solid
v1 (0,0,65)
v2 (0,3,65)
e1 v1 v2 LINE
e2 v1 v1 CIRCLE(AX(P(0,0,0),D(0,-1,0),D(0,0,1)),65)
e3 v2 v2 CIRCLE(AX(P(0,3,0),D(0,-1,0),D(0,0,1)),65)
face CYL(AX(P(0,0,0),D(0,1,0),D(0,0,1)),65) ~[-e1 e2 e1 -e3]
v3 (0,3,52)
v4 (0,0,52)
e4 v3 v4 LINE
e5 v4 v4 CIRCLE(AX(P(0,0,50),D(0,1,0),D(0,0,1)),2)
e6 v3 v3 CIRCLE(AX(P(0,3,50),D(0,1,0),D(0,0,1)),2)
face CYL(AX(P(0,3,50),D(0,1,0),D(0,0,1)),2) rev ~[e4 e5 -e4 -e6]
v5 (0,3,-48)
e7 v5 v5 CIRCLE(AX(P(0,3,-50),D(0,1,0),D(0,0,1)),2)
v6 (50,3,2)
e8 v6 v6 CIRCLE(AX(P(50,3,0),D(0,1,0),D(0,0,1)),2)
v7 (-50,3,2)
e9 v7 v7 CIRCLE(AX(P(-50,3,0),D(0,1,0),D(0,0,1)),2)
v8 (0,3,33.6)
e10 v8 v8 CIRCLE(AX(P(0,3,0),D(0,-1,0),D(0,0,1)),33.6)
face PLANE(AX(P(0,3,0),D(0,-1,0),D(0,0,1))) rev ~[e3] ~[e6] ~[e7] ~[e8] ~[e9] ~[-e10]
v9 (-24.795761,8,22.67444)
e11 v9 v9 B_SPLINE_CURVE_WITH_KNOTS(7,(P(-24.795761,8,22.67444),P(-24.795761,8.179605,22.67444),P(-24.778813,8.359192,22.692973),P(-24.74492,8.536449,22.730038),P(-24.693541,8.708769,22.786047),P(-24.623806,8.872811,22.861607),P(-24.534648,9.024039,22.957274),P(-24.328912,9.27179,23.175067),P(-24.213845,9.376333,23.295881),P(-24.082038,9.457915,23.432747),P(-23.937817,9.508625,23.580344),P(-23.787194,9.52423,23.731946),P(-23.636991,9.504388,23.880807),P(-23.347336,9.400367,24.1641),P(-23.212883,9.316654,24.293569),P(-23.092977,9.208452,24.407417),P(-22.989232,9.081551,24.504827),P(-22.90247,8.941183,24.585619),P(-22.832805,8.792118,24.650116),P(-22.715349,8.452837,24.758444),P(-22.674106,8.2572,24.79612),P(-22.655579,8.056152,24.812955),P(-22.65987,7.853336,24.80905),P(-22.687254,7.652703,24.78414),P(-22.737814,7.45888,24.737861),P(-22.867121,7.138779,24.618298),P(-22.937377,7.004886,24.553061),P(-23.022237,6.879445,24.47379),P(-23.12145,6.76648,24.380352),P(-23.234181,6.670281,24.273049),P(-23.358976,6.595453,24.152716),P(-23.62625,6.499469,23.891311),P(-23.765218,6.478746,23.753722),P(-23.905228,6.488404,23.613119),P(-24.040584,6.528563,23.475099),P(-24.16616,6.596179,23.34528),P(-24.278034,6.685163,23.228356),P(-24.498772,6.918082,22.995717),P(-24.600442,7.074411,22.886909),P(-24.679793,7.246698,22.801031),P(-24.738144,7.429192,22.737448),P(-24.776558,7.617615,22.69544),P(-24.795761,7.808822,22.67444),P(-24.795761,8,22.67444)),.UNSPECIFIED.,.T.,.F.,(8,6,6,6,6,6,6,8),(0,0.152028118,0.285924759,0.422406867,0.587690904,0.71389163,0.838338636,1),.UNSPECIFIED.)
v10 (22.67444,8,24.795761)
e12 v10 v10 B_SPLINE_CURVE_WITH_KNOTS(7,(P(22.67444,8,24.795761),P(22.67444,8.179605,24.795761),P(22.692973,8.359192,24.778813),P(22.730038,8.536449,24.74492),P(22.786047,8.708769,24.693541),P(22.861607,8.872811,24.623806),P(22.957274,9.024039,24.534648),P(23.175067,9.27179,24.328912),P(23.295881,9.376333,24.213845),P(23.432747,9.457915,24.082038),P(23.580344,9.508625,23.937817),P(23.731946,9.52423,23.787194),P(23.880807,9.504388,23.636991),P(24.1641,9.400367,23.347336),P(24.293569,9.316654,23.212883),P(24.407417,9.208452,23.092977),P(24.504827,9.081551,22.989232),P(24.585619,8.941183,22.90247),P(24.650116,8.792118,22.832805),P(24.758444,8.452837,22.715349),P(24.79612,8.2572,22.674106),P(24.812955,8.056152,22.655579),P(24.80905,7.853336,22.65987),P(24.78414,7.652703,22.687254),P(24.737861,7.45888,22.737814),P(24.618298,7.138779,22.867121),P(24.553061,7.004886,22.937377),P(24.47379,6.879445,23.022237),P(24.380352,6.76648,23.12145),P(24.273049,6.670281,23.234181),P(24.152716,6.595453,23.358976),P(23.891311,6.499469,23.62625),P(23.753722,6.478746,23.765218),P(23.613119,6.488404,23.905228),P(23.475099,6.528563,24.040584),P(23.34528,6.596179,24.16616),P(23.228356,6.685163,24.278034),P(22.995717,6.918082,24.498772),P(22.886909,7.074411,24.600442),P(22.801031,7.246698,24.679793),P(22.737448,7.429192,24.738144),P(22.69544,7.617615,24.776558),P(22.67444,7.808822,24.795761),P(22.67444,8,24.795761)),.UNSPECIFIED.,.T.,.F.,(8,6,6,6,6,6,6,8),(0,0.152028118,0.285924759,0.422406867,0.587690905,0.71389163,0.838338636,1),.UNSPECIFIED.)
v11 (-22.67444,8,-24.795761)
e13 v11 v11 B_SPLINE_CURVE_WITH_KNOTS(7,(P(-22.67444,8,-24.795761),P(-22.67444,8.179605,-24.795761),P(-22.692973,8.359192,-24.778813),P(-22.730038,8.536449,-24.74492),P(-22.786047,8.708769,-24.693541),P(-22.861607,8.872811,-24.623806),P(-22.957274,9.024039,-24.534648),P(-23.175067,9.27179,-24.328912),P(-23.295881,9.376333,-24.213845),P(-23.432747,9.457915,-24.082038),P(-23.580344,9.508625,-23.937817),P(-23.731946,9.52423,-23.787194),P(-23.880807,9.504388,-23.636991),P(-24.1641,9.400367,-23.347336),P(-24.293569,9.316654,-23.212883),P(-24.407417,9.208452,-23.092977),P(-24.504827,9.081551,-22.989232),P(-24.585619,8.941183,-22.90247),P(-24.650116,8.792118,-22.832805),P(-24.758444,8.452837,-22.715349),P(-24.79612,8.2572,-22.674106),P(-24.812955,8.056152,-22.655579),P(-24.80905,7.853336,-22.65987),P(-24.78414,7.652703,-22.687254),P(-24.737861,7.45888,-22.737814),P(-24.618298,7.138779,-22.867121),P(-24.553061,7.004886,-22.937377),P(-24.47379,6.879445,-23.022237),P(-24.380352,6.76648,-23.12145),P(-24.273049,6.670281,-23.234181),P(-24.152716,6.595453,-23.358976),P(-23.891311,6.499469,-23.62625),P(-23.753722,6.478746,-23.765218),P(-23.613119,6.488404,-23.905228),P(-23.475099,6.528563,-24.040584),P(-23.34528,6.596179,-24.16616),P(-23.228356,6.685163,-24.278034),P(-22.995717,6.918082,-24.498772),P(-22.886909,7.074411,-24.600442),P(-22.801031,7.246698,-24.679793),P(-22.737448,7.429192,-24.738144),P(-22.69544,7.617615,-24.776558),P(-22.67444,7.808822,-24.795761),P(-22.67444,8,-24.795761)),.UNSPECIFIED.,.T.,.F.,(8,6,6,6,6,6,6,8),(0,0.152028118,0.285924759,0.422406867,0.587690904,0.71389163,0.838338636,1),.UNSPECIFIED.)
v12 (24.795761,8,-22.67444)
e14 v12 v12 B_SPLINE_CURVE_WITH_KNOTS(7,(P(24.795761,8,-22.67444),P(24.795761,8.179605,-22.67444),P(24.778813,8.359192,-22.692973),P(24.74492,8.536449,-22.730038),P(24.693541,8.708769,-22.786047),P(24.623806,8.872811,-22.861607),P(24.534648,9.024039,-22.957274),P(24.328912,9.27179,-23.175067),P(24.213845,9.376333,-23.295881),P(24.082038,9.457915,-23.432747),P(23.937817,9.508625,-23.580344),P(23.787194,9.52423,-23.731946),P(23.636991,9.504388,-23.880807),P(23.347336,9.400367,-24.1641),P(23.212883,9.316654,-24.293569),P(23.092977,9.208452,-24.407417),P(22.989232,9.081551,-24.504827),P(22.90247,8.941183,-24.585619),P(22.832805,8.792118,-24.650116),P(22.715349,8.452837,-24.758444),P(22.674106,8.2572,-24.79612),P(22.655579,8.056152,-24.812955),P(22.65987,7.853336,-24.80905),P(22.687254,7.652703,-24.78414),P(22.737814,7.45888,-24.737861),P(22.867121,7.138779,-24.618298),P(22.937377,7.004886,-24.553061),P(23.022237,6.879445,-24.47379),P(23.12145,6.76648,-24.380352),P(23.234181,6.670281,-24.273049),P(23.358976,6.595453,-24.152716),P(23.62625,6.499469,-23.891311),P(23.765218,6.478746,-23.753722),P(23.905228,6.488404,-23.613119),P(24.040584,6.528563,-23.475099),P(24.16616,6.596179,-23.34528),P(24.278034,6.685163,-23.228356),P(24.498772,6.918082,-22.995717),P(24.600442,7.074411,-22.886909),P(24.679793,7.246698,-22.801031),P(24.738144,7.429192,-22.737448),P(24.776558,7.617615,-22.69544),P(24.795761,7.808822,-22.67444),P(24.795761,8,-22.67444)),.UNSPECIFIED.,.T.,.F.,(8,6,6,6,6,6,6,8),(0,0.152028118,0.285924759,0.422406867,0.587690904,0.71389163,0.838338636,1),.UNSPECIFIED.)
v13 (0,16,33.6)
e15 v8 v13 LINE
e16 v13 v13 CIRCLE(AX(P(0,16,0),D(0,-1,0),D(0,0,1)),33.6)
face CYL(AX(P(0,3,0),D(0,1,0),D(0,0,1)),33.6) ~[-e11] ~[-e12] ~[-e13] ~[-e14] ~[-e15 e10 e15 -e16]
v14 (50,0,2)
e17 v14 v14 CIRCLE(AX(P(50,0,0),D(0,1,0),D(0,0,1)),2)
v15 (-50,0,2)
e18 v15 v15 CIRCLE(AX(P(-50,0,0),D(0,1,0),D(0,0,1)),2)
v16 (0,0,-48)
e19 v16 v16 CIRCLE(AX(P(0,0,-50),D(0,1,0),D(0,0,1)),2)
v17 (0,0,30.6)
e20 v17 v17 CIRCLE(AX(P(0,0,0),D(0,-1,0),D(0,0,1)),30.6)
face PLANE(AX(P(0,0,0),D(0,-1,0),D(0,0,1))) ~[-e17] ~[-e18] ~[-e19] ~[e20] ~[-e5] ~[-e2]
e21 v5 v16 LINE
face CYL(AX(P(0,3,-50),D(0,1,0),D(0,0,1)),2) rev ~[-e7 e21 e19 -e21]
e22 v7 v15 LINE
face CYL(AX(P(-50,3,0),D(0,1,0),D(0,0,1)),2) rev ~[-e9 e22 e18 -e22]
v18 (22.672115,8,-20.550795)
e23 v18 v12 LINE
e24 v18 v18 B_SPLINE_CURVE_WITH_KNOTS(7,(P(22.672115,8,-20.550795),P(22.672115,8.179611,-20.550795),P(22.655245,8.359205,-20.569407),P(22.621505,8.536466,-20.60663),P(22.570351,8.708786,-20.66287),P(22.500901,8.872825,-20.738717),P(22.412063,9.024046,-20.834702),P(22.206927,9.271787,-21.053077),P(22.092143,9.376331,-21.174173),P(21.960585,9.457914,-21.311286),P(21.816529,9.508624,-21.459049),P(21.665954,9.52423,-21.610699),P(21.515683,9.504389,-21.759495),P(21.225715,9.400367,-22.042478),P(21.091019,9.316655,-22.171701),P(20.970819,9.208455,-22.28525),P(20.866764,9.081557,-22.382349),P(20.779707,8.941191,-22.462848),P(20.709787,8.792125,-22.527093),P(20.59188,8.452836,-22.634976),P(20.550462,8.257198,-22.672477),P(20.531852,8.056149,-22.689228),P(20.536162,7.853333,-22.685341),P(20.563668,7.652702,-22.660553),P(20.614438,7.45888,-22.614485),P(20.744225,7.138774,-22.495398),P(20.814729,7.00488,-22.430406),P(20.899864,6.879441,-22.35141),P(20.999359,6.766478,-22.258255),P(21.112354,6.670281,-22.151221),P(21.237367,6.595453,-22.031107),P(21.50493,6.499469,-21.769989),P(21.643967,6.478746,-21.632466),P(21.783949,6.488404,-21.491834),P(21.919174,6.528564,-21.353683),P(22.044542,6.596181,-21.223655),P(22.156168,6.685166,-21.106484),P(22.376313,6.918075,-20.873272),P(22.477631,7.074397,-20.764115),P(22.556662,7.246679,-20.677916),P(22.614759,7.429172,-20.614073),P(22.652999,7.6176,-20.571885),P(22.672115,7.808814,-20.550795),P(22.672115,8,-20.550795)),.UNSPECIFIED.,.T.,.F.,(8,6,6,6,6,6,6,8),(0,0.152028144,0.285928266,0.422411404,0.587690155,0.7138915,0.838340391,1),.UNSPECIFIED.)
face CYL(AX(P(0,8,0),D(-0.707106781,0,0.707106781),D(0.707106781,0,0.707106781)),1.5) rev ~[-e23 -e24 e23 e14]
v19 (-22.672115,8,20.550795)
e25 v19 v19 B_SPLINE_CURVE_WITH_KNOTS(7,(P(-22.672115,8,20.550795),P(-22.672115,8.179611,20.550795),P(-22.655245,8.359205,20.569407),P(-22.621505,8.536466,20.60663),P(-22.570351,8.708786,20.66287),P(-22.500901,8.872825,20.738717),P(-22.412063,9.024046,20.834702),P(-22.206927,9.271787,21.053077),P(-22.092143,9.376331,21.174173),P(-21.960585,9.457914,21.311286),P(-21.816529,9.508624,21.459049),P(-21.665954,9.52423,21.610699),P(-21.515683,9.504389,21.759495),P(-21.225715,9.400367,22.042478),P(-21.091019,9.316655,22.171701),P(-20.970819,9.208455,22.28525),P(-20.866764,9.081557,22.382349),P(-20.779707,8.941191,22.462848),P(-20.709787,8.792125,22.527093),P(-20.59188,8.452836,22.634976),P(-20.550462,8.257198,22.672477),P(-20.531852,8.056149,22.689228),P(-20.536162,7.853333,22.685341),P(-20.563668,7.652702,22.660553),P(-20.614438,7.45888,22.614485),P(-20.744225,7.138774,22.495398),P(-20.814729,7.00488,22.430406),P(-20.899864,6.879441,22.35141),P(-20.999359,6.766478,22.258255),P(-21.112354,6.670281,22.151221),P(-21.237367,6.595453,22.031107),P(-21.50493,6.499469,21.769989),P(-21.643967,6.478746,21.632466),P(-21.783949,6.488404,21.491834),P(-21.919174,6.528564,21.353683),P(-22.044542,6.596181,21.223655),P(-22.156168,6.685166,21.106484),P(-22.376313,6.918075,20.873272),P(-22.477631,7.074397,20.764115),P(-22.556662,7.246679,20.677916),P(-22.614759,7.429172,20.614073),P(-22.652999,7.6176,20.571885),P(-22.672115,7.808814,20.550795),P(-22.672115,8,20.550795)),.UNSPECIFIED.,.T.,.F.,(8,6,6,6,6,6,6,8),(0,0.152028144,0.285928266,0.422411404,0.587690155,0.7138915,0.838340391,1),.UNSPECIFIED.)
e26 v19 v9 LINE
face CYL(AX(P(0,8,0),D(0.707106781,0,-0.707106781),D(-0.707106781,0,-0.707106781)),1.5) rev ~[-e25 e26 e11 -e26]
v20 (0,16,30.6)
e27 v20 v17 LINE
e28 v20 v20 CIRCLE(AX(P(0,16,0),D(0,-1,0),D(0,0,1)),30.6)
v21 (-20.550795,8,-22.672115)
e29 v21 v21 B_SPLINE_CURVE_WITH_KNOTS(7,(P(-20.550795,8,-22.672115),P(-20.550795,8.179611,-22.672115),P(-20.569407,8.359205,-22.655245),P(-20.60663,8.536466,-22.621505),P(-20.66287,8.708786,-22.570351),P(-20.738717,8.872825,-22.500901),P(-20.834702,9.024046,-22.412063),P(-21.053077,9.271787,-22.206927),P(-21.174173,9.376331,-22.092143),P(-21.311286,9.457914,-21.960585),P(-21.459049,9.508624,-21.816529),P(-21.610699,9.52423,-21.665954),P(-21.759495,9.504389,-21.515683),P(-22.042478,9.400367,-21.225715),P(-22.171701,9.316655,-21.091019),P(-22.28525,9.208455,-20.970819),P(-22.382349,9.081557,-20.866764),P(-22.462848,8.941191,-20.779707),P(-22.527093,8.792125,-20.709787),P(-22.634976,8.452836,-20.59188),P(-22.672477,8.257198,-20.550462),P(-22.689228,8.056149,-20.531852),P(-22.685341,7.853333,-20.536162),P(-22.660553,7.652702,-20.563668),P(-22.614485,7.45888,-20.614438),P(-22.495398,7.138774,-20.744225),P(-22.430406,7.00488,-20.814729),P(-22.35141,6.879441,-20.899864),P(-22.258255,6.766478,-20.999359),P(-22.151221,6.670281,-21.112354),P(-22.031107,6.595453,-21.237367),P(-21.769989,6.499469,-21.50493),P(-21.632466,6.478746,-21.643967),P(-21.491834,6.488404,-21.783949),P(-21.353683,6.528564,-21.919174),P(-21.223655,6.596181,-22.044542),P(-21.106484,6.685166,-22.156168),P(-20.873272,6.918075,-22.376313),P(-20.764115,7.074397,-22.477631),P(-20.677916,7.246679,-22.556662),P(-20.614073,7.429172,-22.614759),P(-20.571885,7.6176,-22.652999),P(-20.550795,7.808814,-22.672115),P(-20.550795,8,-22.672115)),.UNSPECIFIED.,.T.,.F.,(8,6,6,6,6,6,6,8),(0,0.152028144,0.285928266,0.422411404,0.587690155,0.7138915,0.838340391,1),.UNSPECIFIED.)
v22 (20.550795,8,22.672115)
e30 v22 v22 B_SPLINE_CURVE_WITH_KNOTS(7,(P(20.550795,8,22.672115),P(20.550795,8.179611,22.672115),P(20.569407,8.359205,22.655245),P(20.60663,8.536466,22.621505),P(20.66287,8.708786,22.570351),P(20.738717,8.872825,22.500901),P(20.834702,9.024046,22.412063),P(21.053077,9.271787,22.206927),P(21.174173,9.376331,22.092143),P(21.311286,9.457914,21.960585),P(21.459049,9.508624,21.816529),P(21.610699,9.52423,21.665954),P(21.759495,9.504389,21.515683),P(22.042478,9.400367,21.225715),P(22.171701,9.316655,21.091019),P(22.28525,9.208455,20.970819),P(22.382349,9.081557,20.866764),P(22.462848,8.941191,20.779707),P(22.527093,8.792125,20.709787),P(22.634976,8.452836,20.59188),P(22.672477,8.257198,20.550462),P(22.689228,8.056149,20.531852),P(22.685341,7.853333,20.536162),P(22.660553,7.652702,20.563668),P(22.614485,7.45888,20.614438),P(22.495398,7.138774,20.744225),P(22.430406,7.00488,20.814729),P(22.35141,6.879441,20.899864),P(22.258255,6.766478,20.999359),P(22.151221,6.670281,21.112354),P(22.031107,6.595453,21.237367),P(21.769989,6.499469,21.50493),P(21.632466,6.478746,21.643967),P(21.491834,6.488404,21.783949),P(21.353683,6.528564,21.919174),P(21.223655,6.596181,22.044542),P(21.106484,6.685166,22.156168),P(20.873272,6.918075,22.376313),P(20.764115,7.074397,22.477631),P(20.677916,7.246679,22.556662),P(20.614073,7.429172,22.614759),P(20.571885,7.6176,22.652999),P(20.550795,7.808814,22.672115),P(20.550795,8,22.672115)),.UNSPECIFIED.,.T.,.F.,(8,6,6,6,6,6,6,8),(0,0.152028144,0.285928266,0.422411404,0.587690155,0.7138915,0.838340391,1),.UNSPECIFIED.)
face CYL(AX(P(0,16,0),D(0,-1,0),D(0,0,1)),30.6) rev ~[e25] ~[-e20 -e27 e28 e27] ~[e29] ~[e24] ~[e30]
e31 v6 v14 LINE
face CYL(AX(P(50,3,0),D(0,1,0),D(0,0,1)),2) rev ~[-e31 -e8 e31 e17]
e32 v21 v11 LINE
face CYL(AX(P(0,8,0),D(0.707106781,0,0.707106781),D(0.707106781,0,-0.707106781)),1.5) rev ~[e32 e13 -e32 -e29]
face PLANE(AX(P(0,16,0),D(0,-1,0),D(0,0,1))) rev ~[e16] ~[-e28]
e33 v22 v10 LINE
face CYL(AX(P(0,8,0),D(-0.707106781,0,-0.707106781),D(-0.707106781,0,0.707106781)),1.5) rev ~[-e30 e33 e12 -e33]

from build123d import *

# Parameters (mm, degrees)
SKETCH3_R          = 2
CUT_EXTRUDE1_DEPTH = 93.838569571
SKETCH5_R          = 1.5
CUT_EXTRUDE2_DEPTH = 94.305948363
CIRPATTERN1_COUNT  = 4


with BuildPart() as part:
    # Sketch2 → Revolve1 (revolve)
    with BuildSketch(Plane.XY, mode=Mode.PRIVATE) as revolve1_sk:
        Polygon((30.6, 16), (30.6, 0), (65, 0), (65, 3), (33.6, 3), (33.6, 16), align=None)
    revolve(revolve1_sk.sketch.rotate(Axis((0, 31.868523677, 0), (0, -1, 0)), 90), axis=Axis((0, 31.868523677, 0), (0, -1, 0)))

    # Sketch3 → Cut-Extrude1 (cut, through all)
    with BuildSketch(Plane(origin=(0, 3, 0), x_dir=(1, 0, 0), z_dir=(0, 1, 0))):
        with Locations(Location((0, 50, 0), (0, 0, 270))):
            Circle(SKETCH3_R)
        with Locations(Location((50, 0, 0), (0, 0, 270))):
            Circle(SKETCH3_R)
        with Locations(Location((0, -50, 0), (0, 0, 270))):
            Circle(SKETCH3_R)
        with Locations(Location((-50, 0, 0), (0, 0, 270))):
            Circle(SKETCH3_R)
    extrude(amount=-CUT_EXTRUDE1_DEPTH, mode=Mode.SUBTRACT)

    # Sketch5 → Cut-Extrude2 (cut, through all)
    with BuildSketch(Plane(origin=(0, 0, 0), x_dir=(0, 1, 0), z_dir=(0.7071067811865488, 0, 0.7071067811865464))):
        with Locations(Location((8, 0, 0), (0, 0, 270))):
            Circle(SKETCH5_R)
    cut_extrude2 = extrude(amount=-CUT_EXTRUDE2_DEPTH, mode=Mode.SUBTRACT)

    # CirPattern1: Cut-Extrude2 ×4 about axis
    cirpattern1_axis = Axis((0, 31.868523677, 0), (0, 1, 0))
    for i in range(1, CIRPATTERN1_COUNT):
        add(cut_extrude2.rotate(cirpattern1_axis, i * 360 / CIRPATTERN1_COUNT), mode=Mode.SUBTRACT)


solid = part.part
